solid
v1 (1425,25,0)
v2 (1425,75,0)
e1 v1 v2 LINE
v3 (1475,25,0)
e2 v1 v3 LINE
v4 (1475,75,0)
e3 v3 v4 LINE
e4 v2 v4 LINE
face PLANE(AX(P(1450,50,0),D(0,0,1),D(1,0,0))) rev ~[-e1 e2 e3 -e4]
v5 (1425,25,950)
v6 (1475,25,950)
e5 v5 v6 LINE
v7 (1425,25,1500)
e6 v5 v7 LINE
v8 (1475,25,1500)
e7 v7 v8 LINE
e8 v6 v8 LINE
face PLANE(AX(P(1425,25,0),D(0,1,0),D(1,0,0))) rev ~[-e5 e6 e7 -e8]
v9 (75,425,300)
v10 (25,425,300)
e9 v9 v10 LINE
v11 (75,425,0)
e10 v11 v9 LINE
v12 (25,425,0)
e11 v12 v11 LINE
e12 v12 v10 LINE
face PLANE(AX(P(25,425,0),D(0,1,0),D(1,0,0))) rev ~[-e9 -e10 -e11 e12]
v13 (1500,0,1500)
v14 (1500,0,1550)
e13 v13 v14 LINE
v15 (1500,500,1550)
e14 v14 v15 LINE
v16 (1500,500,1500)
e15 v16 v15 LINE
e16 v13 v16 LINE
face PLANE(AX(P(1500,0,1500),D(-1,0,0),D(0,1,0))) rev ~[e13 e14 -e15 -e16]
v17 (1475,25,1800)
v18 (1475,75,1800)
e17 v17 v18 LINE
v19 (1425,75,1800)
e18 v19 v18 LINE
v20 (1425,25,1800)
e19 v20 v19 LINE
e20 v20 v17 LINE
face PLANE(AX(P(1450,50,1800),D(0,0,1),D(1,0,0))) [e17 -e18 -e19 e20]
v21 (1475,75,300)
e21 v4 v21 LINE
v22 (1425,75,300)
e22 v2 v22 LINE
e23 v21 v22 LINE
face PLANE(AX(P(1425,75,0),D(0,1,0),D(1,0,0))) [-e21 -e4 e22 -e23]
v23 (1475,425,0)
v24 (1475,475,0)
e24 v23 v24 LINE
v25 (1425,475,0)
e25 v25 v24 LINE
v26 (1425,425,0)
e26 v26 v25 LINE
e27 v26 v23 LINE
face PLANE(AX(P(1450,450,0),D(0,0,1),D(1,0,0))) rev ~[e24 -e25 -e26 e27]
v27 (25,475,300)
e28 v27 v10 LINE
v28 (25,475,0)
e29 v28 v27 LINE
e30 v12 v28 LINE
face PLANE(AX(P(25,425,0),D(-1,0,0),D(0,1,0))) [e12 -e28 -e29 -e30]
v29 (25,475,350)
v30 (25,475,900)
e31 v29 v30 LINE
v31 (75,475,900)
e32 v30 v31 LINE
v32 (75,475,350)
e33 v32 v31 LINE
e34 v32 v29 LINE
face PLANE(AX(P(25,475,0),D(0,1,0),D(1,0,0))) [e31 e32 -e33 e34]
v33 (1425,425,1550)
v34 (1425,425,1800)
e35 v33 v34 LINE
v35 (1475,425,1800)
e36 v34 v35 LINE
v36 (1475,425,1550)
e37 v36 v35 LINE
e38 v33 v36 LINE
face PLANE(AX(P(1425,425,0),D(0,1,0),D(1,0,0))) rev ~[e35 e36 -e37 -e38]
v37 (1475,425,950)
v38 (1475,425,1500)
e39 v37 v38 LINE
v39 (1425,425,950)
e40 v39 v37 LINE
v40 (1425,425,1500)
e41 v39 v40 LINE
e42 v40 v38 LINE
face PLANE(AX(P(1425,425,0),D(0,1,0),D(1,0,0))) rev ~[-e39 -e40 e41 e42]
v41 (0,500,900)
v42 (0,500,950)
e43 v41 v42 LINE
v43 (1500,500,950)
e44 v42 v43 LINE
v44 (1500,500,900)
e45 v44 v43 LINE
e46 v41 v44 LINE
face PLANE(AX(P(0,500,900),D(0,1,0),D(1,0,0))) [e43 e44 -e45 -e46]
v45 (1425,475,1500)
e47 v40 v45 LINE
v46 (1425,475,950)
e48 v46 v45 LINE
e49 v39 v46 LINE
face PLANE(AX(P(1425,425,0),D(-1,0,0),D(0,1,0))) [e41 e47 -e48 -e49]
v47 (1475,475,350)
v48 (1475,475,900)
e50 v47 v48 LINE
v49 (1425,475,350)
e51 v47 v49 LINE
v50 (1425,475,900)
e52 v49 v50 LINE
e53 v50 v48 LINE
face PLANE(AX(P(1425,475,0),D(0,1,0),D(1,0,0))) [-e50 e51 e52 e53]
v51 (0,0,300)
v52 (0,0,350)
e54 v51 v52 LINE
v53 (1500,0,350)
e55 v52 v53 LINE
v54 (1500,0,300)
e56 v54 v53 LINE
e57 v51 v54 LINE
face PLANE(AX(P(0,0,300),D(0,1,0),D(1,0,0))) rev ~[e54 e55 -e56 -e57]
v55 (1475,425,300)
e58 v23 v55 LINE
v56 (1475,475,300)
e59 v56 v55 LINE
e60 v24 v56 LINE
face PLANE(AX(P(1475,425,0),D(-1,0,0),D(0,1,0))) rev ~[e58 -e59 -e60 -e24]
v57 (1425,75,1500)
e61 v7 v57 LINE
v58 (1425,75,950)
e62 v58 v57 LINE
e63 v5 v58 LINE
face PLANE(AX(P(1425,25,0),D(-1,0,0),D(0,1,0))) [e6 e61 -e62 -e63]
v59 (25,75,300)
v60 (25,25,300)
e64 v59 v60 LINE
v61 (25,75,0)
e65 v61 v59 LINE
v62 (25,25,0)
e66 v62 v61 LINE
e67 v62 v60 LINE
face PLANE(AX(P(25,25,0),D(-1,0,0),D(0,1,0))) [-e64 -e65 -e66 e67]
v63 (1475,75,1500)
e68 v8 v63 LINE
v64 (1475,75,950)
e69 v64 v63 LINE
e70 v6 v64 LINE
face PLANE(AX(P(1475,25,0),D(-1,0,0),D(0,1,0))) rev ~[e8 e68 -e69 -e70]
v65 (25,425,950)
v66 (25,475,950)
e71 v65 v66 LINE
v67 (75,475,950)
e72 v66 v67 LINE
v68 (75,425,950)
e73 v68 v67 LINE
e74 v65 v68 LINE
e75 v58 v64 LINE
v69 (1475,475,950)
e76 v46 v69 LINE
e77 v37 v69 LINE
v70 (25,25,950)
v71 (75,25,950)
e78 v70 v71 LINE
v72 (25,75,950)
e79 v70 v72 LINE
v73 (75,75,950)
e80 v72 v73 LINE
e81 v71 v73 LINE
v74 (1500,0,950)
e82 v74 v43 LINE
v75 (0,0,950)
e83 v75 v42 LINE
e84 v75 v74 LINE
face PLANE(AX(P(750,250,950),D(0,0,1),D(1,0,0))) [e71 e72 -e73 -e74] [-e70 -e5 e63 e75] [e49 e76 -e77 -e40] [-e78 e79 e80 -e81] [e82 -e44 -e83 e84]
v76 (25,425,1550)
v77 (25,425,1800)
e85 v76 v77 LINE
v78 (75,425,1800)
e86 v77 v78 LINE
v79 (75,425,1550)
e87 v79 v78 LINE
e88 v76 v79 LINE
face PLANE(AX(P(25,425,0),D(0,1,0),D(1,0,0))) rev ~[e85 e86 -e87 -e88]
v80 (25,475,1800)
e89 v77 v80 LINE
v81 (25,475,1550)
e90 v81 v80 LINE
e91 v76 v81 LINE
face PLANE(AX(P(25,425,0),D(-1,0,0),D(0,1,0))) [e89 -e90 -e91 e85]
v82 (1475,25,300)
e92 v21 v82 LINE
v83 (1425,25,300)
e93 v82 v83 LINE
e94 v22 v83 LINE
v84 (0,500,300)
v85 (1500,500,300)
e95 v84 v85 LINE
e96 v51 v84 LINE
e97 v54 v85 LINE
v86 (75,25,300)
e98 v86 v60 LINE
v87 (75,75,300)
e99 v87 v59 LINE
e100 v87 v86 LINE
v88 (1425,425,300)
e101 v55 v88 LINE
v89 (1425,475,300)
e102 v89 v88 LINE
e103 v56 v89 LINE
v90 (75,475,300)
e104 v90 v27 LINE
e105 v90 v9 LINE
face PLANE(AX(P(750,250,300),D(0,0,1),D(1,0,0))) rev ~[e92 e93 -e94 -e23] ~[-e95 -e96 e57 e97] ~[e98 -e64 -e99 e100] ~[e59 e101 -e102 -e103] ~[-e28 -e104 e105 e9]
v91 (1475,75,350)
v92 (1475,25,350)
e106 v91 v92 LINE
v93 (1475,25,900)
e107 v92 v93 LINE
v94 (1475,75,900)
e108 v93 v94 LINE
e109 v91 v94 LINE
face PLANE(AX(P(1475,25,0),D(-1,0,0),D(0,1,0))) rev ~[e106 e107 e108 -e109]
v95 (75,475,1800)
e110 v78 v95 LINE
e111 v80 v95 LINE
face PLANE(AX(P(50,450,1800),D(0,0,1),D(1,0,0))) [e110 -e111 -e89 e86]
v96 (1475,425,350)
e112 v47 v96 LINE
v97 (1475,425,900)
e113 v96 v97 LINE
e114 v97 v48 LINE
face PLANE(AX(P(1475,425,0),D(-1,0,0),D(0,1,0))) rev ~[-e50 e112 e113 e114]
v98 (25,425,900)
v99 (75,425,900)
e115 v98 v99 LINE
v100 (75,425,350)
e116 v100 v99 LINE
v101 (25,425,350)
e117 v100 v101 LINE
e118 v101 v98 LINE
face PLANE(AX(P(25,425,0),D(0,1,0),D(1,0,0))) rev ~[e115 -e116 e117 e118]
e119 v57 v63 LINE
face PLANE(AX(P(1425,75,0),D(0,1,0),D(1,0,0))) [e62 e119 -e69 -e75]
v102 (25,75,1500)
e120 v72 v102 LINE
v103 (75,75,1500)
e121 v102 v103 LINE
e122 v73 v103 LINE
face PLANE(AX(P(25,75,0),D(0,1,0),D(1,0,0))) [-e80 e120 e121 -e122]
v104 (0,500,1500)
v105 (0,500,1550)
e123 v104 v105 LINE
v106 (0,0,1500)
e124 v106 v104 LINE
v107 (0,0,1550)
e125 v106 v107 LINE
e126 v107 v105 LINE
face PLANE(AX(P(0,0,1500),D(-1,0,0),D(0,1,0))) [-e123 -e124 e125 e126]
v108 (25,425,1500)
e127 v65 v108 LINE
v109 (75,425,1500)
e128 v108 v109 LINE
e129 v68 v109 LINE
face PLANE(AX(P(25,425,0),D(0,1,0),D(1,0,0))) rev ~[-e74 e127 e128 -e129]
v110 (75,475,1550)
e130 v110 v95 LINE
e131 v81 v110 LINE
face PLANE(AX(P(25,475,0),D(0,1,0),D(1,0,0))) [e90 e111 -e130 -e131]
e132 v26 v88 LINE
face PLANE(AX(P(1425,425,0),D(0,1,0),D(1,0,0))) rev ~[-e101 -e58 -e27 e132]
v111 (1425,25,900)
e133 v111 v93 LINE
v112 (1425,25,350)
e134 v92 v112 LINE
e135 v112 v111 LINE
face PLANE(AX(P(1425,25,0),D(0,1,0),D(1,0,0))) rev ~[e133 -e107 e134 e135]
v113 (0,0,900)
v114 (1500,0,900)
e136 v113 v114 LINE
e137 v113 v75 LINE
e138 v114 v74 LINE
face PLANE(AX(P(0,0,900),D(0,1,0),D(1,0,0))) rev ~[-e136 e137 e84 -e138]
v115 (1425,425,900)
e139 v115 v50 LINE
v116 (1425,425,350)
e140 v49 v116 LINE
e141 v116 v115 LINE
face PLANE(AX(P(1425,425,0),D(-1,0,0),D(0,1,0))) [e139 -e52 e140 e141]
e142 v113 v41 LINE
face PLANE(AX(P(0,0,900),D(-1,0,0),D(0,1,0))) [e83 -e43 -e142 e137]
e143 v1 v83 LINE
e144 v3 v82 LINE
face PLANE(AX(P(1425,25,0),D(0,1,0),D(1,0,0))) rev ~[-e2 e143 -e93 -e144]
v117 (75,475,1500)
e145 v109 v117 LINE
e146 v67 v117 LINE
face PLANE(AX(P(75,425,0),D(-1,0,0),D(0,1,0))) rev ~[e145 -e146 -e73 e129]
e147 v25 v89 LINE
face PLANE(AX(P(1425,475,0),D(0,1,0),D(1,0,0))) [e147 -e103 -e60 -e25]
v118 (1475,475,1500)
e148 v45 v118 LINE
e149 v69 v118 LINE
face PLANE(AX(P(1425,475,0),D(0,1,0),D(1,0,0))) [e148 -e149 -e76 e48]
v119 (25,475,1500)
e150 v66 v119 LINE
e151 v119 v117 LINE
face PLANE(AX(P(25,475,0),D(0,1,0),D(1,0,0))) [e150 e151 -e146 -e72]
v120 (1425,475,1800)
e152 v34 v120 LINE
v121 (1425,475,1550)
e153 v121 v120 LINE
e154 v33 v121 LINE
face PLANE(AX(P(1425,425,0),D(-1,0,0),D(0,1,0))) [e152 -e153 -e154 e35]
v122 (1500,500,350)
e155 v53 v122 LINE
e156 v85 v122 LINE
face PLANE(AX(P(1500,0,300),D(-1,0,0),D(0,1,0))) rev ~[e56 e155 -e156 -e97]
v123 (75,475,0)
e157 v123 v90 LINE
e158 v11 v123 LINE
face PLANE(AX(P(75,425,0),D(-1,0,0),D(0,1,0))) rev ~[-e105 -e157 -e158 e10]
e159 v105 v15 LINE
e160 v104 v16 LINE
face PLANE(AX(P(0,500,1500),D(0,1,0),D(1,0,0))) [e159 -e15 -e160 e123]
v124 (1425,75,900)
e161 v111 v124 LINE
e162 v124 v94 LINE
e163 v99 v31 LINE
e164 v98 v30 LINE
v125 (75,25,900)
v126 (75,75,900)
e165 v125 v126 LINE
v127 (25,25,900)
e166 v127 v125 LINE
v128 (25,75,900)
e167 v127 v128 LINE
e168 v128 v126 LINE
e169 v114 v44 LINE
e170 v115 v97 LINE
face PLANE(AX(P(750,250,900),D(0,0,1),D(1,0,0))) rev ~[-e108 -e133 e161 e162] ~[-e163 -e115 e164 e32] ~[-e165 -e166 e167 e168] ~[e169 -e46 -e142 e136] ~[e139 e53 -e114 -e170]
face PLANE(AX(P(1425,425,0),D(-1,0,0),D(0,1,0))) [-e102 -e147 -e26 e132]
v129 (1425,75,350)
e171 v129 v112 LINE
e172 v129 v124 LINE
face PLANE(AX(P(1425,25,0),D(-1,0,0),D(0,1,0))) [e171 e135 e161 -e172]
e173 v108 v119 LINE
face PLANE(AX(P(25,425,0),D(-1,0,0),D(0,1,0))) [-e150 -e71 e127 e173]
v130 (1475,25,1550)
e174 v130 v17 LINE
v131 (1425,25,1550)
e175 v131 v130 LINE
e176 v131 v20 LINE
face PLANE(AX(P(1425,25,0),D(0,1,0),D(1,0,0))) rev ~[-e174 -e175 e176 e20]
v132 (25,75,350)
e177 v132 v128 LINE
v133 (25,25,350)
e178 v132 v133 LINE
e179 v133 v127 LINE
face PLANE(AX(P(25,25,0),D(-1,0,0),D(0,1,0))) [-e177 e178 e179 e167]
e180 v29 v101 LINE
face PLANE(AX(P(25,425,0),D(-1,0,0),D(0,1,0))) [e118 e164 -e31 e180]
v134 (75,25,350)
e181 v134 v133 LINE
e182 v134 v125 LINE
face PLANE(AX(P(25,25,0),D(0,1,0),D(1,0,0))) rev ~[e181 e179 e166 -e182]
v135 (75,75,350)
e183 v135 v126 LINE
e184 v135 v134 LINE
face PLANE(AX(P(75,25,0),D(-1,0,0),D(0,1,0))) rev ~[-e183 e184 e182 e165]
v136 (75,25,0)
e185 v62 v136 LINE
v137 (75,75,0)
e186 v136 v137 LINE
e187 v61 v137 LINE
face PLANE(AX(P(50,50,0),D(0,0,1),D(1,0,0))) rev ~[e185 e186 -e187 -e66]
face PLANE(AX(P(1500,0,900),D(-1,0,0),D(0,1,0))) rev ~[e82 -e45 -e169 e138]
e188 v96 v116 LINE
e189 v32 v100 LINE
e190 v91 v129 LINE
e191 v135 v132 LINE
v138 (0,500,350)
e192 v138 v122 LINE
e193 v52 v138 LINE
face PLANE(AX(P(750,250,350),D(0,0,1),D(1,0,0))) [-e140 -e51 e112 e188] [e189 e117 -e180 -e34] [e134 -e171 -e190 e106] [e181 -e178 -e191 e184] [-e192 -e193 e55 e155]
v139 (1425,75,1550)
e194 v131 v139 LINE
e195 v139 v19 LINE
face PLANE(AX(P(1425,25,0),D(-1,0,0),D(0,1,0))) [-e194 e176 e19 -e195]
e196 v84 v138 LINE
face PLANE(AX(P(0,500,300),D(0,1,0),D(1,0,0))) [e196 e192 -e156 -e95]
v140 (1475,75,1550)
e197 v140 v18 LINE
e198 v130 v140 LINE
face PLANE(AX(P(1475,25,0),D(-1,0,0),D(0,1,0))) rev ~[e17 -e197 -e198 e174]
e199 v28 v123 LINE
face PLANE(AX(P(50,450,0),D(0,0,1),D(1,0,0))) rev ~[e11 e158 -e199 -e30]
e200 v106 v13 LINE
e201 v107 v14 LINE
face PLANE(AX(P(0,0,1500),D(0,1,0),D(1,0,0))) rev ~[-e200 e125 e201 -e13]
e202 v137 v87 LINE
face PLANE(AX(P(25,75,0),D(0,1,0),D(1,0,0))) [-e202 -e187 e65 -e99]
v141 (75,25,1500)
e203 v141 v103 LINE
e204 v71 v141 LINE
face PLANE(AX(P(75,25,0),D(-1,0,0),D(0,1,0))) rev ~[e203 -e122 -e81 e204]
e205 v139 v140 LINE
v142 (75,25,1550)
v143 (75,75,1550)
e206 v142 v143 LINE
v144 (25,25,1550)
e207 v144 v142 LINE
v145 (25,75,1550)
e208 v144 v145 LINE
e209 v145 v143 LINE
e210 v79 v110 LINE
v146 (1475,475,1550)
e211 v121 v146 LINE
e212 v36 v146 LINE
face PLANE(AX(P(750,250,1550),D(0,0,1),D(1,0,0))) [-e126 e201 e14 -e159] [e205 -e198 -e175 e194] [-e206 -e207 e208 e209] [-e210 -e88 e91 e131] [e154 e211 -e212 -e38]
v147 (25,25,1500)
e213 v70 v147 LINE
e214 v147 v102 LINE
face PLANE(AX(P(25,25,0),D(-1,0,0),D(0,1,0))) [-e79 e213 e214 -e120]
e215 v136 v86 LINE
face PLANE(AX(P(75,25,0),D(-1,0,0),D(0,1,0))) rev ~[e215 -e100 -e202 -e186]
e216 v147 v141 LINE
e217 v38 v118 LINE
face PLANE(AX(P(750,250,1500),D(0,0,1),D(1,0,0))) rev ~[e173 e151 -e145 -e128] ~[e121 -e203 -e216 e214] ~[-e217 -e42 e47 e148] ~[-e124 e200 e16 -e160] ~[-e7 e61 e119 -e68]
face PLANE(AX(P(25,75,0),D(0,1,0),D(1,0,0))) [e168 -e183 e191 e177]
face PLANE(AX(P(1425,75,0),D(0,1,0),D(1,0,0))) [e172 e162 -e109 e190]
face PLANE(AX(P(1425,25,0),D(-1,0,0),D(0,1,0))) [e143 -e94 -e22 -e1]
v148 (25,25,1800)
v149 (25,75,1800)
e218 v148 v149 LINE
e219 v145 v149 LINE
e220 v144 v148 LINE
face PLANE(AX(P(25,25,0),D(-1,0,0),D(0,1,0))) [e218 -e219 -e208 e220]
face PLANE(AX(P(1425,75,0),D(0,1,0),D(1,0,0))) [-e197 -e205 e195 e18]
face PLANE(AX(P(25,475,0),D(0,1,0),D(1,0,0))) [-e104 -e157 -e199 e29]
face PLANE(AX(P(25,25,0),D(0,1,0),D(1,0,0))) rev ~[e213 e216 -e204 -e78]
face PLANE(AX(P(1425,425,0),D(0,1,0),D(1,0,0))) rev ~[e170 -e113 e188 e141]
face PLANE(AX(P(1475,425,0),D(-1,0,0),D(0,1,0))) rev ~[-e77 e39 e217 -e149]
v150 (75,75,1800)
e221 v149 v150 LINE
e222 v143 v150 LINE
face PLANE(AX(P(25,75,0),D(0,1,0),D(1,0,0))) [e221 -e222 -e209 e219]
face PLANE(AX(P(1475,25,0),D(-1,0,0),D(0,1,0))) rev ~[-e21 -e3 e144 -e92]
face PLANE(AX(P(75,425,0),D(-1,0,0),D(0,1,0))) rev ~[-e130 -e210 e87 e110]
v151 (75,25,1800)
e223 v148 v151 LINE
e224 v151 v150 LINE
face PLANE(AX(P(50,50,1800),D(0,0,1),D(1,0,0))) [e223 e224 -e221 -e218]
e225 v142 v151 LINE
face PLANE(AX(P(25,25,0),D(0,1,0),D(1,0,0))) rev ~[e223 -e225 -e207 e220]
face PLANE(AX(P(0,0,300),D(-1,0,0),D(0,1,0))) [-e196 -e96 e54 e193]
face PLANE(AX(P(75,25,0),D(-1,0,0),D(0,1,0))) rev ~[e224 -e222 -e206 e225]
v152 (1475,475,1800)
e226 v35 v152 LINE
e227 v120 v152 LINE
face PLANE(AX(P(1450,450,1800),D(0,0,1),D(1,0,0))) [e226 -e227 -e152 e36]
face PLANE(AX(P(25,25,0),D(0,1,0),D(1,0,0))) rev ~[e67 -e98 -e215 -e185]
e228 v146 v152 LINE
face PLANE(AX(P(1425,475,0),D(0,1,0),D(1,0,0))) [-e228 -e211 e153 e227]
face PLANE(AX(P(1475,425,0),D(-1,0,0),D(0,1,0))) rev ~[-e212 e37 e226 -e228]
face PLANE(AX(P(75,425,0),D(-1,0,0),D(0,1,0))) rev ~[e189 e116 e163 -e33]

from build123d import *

# Parameters (mm, degrees)
F1_W      = 1500
F1_H      = 500
F2_DEPTH  = 50
F3_W      = 50
F3_H      = 50
F4_DEPTH  = 1800
F6_W      = 1500
F6_H      = 500
F7_DEPTH  = 50
F9_W      = 1500
F9_H      = 500
F10_DEPTH = 50


with BuildPart() as f2:
    # F1 (on offset) → F2 (new body)
    with BuildSketch(Plane.XY.offset(300)):
        with Locations((750, 250)):
            Rectangle(F1_W, F1_H)
    extrude(amount=F2_DEPTH)

    # F3 (on Top) → F4 (join)
    with BuildSketch(Plane.XY):
        with Locations((50, 50)):
            Rectangle(F3_W, F3_H)
        with Locations((1450, 50)):
            Rectangle(F3_W, F3_H)
        with Locations((1450, 450)):
            Rectangle(F3_W, F3_H)
        with Locations((50, 450)):
            Rectangle(F3_W, F3_H)
    extrude(amount=F4_DEPTH)

    # F6 (on offset) → F7 (join)
    with BuildSketch(Plane.XY.offset(900)):
        with Locations((750, 250)):
            Rectangle(F6_W, F6_H)
    extrude(amount=F7_DEPTH)

    # F9 (on offset) → F10 (join)
    with BuildSketch(Plane.XY.offset(1500)):
        with Locations((750, 250)):
            Rectangle(F9_W, F9_H)
    extrude(amount=F10_DEPTH)


solid = f2.part
